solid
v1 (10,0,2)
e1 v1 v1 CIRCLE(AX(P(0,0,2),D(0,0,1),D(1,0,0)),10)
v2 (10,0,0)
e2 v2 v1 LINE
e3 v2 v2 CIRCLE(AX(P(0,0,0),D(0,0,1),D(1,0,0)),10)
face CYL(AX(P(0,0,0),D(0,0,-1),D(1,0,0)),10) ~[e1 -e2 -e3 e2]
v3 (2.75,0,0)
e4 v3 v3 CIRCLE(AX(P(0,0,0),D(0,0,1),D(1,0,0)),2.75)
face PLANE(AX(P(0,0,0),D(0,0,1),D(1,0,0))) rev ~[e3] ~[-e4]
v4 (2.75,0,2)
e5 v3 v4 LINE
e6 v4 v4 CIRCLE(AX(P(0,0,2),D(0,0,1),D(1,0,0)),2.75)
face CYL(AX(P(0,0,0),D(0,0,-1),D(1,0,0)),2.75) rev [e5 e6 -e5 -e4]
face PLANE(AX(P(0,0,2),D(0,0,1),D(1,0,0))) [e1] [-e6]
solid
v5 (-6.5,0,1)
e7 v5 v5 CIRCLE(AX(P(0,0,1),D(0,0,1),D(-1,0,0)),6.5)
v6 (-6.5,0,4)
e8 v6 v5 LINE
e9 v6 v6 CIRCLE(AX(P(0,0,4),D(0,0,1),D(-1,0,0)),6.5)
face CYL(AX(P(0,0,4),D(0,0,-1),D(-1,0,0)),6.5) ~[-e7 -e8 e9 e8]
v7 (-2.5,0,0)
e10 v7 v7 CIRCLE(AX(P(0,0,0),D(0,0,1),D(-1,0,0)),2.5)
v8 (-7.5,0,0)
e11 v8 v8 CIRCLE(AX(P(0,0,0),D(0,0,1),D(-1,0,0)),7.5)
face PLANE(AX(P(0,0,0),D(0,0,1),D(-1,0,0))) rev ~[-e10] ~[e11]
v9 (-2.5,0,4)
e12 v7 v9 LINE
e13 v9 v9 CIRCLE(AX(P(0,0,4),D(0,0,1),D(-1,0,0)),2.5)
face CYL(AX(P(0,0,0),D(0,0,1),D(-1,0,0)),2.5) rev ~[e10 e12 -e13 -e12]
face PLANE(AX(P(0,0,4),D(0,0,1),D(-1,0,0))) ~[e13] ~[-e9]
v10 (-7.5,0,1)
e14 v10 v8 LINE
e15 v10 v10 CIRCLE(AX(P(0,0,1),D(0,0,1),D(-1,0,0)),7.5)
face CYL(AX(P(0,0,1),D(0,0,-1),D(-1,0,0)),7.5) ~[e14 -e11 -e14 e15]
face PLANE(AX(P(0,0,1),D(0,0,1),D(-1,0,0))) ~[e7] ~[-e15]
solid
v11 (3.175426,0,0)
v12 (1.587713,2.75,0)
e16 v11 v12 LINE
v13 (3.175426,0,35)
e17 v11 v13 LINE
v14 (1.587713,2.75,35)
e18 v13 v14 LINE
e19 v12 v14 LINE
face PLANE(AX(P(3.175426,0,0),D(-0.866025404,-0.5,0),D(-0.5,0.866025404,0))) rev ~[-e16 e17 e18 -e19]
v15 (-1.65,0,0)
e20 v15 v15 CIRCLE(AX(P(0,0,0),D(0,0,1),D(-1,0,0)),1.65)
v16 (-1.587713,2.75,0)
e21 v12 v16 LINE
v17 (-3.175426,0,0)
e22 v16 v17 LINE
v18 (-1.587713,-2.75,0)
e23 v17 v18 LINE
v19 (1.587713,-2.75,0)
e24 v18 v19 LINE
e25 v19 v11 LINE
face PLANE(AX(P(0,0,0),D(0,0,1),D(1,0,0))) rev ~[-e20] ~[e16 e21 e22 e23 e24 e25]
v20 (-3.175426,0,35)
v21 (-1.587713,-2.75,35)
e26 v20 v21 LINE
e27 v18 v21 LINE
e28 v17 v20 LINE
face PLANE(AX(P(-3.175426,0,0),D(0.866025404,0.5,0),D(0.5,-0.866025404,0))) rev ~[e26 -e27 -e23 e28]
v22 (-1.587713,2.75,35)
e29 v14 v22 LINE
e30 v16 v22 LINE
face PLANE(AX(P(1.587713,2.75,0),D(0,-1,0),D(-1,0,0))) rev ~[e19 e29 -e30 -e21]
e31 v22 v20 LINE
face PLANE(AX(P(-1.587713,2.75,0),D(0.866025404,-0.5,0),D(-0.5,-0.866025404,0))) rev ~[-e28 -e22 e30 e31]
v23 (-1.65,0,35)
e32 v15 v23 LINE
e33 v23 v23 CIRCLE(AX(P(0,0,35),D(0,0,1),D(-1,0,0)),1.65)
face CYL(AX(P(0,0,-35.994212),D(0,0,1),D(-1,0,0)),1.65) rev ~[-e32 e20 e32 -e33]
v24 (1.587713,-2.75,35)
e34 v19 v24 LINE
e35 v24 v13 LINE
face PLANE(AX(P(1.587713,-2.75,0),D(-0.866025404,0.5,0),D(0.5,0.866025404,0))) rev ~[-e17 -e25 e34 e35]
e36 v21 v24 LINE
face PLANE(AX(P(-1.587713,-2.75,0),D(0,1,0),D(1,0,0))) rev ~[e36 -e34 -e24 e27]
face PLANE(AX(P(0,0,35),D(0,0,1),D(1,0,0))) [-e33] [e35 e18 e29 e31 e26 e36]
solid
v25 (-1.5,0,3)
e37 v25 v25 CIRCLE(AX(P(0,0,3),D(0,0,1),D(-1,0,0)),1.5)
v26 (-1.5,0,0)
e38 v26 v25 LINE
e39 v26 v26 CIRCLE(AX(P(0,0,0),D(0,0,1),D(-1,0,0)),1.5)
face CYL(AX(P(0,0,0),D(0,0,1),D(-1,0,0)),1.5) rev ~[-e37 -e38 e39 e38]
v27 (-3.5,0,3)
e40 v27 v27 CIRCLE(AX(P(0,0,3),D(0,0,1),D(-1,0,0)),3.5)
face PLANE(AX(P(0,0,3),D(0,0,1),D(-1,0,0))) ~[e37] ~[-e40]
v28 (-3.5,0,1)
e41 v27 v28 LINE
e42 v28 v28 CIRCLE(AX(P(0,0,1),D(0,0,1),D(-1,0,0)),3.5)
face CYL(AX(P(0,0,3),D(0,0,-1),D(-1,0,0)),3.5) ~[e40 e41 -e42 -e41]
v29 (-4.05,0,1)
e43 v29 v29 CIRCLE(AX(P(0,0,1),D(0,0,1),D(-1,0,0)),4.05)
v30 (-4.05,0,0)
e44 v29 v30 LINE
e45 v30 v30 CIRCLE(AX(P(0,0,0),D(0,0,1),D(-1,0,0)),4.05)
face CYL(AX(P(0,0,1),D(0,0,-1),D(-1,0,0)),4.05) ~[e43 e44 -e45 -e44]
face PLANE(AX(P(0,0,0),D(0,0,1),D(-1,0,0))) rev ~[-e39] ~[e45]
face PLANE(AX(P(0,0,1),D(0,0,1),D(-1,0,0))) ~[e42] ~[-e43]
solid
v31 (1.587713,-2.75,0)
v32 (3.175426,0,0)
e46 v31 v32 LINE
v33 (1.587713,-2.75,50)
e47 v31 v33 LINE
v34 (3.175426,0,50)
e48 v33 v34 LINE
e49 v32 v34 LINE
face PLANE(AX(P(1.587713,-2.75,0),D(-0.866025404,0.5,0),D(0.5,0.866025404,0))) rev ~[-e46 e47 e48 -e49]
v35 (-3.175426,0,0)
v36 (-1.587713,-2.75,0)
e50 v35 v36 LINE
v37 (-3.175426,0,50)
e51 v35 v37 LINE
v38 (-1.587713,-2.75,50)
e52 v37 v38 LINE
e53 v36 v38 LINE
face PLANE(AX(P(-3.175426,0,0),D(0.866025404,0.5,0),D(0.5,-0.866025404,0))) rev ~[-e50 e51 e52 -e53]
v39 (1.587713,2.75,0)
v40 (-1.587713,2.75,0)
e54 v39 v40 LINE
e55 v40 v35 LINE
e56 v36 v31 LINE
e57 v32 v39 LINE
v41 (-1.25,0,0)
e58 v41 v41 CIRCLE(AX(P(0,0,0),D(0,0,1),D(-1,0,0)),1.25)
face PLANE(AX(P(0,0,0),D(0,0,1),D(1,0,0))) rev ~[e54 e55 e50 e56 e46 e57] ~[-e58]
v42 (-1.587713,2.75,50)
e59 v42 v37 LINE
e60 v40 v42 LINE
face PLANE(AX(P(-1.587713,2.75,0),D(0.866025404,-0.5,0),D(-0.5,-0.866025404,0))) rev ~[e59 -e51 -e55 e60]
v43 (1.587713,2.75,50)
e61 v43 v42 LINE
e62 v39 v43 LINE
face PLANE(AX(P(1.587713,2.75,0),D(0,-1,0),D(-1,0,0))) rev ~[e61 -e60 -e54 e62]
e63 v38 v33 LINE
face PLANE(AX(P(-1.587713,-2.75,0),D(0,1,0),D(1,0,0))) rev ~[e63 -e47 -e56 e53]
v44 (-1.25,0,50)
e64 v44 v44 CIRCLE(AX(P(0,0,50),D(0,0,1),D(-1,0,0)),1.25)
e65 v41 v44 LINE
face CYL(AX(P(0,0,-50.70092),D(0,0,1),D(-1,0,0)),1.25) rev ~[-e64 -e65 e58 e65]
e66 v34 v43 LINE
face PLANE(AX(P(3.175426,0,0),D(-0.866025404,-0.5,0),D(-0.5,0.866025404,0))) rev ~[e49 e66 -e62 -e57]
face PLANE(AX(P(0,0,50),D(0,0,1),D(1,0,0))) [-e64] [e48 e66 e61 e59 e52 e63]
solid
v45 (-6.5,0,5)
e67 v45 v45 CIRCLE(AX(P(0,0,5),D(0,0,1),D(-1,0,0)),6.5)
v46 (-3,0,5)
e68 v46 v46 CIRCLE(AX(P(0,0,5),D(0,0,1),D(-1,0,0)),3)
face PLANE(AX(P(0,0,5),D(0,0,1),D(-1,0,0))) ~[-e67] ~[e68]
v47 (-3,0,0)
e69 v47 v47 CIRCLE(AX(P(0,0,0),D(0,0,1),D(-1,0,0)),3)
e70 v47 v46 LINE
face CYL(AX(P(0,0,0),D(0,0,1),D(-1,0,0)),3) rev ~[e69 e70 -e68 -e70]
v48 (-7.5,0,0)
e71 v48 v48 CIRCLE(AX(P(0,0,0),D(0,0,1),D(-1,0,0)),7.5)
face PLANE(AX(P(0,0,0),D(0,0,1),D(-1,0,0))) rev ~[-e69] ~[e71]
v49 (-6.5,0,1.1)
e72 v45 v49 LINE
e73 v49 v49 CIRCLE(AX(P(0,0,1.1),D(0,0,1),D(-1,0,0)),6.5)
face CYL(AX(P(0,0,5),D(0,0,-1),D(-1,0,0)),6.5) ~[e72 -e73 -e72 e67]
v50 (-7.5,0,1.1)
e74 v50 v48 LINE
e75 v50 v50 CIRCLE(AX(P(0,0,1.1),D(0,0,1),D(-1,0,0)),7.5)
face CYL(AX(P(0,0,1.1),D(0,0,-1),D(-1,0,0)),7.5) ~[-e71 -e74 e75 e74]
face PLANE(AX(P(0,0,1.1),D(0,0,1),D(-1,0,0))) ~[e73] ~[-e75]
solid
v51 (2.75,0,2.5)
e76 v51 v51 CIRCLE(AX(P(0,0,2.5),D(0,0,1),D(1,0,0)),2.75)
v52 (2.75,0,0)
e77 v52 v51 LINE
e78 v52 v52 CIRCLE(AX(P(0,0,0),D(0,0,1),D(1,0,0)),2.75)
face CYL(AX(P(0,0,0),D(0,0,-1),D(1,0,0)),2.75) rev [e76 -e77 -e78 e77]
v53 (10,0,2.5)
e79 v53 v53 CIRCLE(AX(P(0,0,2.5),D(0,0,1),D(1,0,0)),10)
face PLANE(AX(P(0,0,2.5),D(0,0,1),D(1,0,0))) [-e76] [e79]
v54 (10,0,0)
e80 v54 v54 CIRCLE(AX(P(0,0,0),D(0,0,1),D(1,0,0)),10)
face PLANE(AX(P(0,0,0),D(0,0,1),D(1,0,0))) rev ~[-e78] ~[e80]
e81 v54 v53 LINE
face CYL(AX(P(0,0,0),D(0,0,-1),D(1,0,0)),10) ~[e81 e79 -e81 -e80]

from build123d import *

# Parameters (mm, degrees)
F1_DEPTH  = 50
F2_D      = 2.5
F7_DEPTH  = 35
F8_D      = 3.3
F11_R     = 10
F11_R_2   = 2.75
F12_DEPTH = 2.5
F13_DEPTH = 2


with BuildPart() as f1:
    # F0 (on Top) → F1 (new body)
    with BuildSketch(Plane.XY):
        Polygon((-1.5877132403, -2.75), (1.5877132403, -2.75), (3.1754264805, 0), (1.5877132403, 2.75), (-1.5877132403, 2.75), (-3.1754264805, 0), align=None)
    extrude(amount=F1_DEPTH)

    # F2 (through all)
    with Locations(Plane(origin=(0, 0, 0), x_dir=(1, 0, 0), z_dir=(0, 0, -1))):
        with Locations((0, 0)):
            Hole(F2_D / 2)


with BuildPart() as f4:
    # F3 (on Front) → F4 (revolve)
    with BuildSketch(Plane.XZ):
        Polygon((-3, 5), (-6.5, 5), (-6.5, 1.1), (-7.5, 1.1), (-7.5, 0), (-3, 0), align=None)
    revolve(axis=Axis((0, 0, 3.7545025419), (0, 0, 1)))


with BuildPart() as f6:
    # F5 (on Front) → F6 (revolve)
    with BuildSketch(Plane.XZ):
        Polygon((-7.5, 0), (-2.5, 0), (-2.5, 4), (-6.5, 4), (-6.5, 1), (-7.5, 1), align=None)
    revolve(axis=Axis((0, 0, 3.5518463739), (0, 0, 1)))


with BuildPart() as f7:
    # F0 (on Top) → F7 (new body)
    with BuildSketch(Plane.XY):
        Polygon((-1.5877132403, -2.75), (1.5877132403, -2.75), (3.1754264805, 0), (1.5877132403, 2.75), (-1.5877132403, 2.75), (-3.1754264805, 0), align=None)
    extrude(amount=F7_DEPTH)

    # F8 (through all)
    with Locations(Plane(origin=(0, 0, 0), x_dir=(1, 0, 0), z_dir=(0, 0, -1))):
        with Locations((0, 0)):
            Hole(F8_D / 2)


with BuildPart() as f10:
    # F9 (on Front) → F10 (revolve)
    with BuildSketch(Plane.XZ):
        Polygon((-4.05, 0), (-1.5, 0), (-1.5, 3), (-3.5, 3), (-3.5, 1), (-4.05, 1), align=None)
    revolve(axis=Axis((0, 0, 2.1486662607), (0, 0, 1)))


with BuildPart() as f12:
    # F11 (on Top) → F12 (new body)
    with BuildSketch(Plane.XY):
        Circle(F11_R)
        Circle(F11_R_2, mode=Mode.SUBTRACT)
    extrude(amount=F12_DEPTH)


with BuildPart() as f13:
    # F11 (on Top) → F13 (new body)
    with BuildSketch(Plane.XY):
        Circle(F11_R)
        Circle(F11_R_2, mode=Mode.SUBTRACT)
    extrude(amount=F13_DEPTH)


solid = Compound([f1.part, f4.part, f6.part, f7.part, f10.part, f12.part, f13.part])
